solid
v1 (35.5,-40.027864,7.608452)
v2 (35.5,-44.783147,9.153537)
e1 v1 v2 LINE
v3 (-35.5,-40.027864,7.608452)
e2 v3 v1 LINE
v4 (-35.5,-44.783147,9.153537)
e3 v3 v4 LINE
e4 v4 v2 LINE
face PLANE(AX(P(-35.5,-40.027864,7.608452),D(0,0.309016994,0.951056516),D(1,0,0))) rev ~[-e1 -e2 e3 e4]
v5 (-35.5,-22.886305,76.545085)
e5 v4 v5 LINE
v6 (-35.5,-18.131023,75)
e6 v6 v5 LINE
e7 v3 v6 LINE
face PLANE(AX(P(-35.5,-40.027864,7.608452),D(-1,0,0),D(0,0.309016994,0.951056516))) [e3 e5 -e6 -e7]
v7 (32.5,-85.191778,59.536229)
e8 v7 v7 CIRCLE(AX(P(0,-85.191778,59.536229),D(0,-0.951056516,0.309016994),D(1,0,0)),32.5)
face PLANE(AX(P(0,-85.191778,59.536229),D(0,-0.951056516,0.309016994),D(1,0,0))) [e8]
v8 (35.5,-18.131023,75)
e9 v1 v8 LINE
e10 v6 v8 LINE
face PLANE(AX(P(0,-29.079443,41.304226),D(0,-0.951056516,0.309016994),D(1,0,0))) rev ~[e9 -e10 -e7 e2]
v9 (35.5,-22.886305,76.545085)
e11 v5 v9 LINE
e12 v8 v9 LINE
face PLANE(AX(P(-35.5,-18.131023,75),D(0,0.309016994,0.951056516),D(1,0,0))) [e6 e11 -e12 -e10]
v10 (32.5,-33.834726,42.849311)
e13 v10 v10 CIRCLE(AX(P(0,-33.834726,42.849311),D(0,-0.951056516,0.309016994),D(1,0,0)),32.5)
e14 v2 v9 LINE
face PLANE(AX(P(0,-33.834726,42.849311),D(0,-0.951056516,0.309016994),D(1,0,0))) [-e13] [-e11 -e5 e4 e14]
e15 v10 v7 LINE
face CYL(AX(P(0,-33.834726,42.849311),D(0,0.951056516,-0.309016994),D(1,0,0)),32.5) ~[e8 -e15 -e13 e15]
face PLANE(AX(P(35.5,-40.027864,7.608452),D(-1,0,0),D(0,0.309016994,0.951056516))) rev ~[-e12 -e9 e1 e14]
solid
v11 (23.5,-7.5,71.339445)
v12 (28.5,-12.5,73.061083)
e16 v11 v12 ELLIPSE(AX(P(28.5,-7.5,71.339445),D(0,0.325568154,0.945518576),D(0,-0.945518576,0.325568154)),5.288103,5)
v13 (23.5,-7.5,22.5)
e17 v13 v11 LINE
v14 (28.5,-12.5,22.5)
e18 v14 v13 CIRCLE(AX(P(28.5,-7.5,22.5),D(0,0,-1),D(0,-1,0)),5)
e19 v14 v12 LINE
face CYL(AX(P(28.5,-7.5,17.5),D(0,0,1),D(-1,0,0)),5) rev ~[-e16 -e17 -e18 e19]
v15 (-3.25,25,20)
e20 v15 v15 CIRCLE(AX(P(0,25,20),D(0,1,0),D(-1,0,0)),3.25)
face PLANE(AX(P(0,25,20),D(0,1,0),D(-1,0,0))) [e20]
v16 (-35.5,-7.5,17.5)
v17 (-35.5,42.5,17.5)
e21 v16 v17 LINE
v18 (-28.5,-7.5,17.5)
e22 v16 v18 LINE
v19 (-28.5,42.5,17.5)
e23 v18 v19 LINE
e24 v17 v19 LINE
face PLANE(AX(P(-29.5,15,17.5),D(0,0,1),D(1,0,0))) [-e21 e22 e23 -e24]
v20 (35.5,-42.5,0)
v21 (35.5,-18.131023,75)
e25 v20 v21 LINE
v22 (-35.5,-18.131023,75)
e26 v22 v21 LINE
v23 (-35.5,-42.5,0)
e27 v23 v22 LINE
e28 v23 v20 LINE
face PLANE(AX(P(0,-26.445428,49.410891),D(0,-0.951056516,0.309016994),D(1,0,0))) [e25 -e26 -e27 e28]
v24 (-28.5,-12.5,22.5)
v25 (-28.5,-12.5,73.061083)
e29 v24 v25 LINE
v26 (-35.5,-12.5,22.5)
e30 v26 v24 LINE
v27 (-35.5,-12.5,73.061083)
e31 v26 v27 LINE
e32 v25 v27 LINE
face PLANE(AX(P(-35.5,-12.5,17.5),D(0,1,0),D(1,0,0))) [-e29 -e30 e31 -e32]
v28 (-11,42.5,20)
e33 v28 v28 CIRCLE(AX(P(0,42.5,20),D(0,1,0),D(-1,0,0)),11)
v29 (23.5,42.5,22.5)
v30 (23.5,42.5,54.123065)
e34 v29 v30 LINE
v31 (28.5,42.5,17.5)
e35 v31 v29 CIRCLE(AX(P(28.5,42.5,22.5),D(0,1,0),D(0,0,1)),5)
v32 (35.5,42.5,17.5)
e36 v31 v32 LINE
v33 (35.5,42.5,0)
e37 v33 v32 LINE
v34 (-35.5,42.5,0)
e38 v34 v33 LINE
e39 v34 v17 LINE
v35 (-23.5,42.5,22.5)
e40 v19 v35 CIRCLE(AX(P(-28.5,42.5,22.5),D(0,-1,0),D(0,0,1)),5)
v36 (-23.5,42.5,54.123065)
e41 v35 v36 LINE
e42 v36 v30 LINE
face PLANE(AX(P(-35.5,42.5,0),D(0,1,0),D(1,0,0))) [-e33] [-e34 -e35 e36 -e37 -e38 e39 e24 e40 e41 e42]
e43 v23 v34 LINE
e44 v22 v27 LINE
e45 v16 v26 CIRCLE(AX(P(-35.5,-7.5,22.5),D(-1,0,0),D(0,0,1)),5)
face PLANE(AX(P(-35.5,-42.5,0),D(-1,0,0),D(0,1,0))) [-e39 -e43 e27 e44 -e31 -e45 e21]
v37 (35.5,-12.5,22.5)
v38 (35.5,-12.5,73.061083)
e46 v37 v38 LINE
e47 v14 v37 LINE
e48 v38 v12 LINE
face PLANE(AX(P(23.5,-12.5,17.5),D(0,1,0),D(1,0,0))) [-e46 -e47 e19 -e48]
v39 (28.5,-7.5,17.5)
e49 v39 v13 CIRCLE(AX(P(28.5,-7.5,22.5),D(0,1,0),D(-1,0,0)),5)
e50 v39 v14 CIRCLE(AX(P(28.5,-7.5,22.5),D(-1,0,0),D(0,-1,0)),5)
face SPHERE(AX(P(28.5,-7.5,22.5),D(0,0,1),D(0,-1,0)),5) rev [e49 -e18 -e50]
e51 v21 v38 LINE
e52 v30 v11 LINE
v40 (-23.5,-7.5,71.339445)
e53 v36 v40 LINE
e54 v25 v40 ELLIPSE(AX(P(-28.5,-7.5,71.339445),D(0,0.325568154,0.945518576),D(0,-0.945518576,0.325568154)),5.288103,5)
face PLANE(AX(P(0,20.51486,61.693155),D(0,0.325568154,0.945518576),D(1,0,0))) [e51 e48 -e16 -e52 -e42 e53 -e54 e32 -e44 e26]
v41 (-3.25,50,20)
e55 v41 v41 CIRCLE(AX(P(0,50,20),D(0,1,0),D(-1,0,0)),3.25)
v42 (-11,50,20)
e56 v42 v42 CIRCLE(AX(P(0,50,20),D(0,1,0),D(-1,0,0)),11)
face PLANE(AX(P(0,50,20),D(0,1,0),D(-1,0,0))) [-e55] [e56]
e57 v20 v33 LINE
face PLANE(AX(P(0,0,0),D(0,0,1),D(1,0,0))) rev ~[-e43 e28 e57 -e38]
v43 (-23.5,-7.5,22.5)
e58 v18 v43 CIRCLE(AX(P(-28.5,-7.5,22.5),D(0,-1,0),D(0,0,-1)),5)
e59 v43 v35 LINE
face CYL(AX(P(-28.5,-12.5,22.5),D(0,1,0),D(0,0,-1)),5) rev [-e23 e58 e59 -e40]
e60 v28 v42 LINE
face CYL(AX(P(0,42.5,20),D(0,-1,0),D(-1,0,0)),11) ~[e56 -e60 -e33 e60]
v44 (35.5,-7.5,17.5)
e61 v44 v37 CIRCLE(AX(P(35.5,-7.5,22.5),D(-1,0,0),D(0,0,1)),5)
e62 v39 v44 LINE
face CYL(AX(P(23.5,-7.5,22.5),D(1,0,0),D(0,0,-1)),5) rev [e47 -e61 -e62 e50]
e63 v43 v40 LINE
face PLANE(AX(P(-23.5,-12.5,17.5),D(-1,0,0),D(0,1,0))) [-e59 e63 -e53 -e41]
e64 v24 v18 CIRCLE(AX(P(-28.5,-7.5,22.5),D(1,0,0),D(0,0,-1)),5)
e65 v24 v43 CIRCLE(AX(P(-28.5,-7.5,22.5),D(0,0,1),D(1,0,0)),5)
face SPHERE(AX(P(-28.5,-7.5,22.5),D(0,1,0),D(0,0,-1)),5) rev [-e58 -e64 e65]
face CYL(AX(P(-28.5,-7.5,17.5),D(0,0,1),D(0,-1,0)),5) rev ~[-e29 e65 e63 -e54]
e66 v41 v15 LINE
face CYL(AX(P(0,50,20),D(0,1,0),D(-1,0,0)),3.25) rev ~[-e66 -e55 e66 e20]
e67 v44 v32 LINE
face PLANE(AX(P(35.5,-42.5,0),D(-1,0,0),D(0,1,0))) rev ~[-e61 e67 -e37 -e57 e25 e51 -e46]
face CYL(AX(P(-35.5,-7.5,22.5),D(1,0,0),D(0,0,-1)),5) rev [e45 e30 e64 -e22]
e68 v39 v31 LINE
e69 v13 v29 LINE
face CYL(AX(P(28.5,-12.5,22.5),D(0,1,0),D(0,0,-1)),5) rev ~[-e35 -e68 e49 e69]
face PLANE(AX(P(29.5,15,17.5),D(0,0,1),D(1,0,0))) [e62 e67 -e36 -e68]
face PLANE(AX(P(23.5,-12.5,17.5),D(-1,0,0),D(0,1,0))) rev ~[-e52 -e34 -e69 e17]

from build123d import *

# Parameters (mm, degrees)
F0_W      = 71
F0_H      = 85
F1_DEPTH  = 75
F3_W      = 71
F3_H      = 103.9073709636
F4_DEPTH  = 23.1772745781
F6_W      = 71
F6_H      = 81.7453698828
F7_DEPTH  = 19.7405301902
F9_W      = 12
F9_H      = 55
F10_DEPTH = 57.501
F11_R     = 5
F12_R     = 11
F13_DEPTH = 7.5
F14_R     = 3.25
F15_DEPTH = 25
F16_W     = 71
F16_H     = 70.8596668179
F17_DEPTH = 5
F18_R     = 32.5
F19_DEPTH = 54


with BuildPart() as f1:
    # F0 (on Top) → F1 (new body)
    with BuildSketch(Plane.XY):
        Rectangle(F0_W, F0_H)
    extrude(amount=F1_DEPTH)

    # F3 (on face) → F4 (cut, through all)
    with BuildSketch(Plane(origin=(0, -38.4416111305, 12.4904366112), x_dir=(1, 0, 0), z_dir=(0, -0.9510565163, 0.3090169944))):
        with Locations((0, 38.8204632208)):
            Rectangle(F3_W, F3_H)
    extrude(amount=F4_DEPTH, mode=Mode.SUBTRACT)

    # F6 (on face) → F7 (cut, through all)
    with BuildSketch(Plane(origin=(0, 21.1655143967, 61.4691171425), x_dir=(1, 0, 0), z_dir=(0, 0.3255681545, 0.9455185756))):
        with Locations((0, -0.6881454784)):
            Rectangle(F6_W, F6_H)
    extrude(amount=F7_DEPTH, mode=Mode.SUBTRACT)

    # F9 (on offset) → F10 (cut, through all)
    with BuildSketch(Plane.XY.offset(17.5)):
        with Locations((-29.5, 15)):
            Rectangle(F9_W, F9_H)
        with Locations((29.5, 15)):
            Rectangle(F9_W, F9_H)
    extrude(amount=F10_DEPTH, mode=Mode.SUBTRACT)

    # F11
    f11_edges = [f1.edges().sort_by_distance(p)[0] for p in [
        (-23.5, 15, 17.5),
        (-29.5, -12.5, 17.5),
        (-23.5, -12.5, 45.280542),
        (23.5, -12.5, 45.280542),
        (29.5, -12.5, 17.5),
        (23.5, 15, 17.5),
    ]]
    fillet(f11_edges, radius=F11_R)

    # F12 (on face) → F13 (join)
    with BuildSketch(Plane(origin=(0, 42.5, 0), x_dir=(-1, 0, 0), z_dir=(0, 1, 0))):
        with Locations((0, 20)):
            Circle(F12_R)
    extrude(amount=F13_DEPTH)

    # F14 (on face) → F15 (cut)
    with BuildSketch(Plane(origin=(0, 50, 0), x_dir=(-1, 0, 0), z_dir=(0, 1, 0))):
        with Locations((0, 20)):
            Circle(F14_R)
    extrude(amount=-F15_DEPTH, mode=Mode.SUBTRACT)


with BuildPart() as f17:
    # F16 (on face) → F17 (new body)
    with BuildSketch(Plane(origin=(0, -38.4416111305, 12.4904366112), x_dir=(1, 0, 0), z_dir=(0, -0.9510565163, 0.3090169944))):
        with Locations((0, 30.296611148)):
            Rectangle(F16_W, F16_H)
    extrude(amount=F17_DEPTH)

    # F18 (on face) → F19 (join)
    with BuildSketch(Plane(origin=(0, -43.1968937119, 14.0355215831), x_dir=(1, 0, 0), z_dir=(0, -0.9510565163, 0.3090169944))):
        with Locations((0, 30.296611148)):
            Circle(F18_R)
    extrude(amount=F19_DEPTH)


solid = Compound([f1.part, f17.part])
